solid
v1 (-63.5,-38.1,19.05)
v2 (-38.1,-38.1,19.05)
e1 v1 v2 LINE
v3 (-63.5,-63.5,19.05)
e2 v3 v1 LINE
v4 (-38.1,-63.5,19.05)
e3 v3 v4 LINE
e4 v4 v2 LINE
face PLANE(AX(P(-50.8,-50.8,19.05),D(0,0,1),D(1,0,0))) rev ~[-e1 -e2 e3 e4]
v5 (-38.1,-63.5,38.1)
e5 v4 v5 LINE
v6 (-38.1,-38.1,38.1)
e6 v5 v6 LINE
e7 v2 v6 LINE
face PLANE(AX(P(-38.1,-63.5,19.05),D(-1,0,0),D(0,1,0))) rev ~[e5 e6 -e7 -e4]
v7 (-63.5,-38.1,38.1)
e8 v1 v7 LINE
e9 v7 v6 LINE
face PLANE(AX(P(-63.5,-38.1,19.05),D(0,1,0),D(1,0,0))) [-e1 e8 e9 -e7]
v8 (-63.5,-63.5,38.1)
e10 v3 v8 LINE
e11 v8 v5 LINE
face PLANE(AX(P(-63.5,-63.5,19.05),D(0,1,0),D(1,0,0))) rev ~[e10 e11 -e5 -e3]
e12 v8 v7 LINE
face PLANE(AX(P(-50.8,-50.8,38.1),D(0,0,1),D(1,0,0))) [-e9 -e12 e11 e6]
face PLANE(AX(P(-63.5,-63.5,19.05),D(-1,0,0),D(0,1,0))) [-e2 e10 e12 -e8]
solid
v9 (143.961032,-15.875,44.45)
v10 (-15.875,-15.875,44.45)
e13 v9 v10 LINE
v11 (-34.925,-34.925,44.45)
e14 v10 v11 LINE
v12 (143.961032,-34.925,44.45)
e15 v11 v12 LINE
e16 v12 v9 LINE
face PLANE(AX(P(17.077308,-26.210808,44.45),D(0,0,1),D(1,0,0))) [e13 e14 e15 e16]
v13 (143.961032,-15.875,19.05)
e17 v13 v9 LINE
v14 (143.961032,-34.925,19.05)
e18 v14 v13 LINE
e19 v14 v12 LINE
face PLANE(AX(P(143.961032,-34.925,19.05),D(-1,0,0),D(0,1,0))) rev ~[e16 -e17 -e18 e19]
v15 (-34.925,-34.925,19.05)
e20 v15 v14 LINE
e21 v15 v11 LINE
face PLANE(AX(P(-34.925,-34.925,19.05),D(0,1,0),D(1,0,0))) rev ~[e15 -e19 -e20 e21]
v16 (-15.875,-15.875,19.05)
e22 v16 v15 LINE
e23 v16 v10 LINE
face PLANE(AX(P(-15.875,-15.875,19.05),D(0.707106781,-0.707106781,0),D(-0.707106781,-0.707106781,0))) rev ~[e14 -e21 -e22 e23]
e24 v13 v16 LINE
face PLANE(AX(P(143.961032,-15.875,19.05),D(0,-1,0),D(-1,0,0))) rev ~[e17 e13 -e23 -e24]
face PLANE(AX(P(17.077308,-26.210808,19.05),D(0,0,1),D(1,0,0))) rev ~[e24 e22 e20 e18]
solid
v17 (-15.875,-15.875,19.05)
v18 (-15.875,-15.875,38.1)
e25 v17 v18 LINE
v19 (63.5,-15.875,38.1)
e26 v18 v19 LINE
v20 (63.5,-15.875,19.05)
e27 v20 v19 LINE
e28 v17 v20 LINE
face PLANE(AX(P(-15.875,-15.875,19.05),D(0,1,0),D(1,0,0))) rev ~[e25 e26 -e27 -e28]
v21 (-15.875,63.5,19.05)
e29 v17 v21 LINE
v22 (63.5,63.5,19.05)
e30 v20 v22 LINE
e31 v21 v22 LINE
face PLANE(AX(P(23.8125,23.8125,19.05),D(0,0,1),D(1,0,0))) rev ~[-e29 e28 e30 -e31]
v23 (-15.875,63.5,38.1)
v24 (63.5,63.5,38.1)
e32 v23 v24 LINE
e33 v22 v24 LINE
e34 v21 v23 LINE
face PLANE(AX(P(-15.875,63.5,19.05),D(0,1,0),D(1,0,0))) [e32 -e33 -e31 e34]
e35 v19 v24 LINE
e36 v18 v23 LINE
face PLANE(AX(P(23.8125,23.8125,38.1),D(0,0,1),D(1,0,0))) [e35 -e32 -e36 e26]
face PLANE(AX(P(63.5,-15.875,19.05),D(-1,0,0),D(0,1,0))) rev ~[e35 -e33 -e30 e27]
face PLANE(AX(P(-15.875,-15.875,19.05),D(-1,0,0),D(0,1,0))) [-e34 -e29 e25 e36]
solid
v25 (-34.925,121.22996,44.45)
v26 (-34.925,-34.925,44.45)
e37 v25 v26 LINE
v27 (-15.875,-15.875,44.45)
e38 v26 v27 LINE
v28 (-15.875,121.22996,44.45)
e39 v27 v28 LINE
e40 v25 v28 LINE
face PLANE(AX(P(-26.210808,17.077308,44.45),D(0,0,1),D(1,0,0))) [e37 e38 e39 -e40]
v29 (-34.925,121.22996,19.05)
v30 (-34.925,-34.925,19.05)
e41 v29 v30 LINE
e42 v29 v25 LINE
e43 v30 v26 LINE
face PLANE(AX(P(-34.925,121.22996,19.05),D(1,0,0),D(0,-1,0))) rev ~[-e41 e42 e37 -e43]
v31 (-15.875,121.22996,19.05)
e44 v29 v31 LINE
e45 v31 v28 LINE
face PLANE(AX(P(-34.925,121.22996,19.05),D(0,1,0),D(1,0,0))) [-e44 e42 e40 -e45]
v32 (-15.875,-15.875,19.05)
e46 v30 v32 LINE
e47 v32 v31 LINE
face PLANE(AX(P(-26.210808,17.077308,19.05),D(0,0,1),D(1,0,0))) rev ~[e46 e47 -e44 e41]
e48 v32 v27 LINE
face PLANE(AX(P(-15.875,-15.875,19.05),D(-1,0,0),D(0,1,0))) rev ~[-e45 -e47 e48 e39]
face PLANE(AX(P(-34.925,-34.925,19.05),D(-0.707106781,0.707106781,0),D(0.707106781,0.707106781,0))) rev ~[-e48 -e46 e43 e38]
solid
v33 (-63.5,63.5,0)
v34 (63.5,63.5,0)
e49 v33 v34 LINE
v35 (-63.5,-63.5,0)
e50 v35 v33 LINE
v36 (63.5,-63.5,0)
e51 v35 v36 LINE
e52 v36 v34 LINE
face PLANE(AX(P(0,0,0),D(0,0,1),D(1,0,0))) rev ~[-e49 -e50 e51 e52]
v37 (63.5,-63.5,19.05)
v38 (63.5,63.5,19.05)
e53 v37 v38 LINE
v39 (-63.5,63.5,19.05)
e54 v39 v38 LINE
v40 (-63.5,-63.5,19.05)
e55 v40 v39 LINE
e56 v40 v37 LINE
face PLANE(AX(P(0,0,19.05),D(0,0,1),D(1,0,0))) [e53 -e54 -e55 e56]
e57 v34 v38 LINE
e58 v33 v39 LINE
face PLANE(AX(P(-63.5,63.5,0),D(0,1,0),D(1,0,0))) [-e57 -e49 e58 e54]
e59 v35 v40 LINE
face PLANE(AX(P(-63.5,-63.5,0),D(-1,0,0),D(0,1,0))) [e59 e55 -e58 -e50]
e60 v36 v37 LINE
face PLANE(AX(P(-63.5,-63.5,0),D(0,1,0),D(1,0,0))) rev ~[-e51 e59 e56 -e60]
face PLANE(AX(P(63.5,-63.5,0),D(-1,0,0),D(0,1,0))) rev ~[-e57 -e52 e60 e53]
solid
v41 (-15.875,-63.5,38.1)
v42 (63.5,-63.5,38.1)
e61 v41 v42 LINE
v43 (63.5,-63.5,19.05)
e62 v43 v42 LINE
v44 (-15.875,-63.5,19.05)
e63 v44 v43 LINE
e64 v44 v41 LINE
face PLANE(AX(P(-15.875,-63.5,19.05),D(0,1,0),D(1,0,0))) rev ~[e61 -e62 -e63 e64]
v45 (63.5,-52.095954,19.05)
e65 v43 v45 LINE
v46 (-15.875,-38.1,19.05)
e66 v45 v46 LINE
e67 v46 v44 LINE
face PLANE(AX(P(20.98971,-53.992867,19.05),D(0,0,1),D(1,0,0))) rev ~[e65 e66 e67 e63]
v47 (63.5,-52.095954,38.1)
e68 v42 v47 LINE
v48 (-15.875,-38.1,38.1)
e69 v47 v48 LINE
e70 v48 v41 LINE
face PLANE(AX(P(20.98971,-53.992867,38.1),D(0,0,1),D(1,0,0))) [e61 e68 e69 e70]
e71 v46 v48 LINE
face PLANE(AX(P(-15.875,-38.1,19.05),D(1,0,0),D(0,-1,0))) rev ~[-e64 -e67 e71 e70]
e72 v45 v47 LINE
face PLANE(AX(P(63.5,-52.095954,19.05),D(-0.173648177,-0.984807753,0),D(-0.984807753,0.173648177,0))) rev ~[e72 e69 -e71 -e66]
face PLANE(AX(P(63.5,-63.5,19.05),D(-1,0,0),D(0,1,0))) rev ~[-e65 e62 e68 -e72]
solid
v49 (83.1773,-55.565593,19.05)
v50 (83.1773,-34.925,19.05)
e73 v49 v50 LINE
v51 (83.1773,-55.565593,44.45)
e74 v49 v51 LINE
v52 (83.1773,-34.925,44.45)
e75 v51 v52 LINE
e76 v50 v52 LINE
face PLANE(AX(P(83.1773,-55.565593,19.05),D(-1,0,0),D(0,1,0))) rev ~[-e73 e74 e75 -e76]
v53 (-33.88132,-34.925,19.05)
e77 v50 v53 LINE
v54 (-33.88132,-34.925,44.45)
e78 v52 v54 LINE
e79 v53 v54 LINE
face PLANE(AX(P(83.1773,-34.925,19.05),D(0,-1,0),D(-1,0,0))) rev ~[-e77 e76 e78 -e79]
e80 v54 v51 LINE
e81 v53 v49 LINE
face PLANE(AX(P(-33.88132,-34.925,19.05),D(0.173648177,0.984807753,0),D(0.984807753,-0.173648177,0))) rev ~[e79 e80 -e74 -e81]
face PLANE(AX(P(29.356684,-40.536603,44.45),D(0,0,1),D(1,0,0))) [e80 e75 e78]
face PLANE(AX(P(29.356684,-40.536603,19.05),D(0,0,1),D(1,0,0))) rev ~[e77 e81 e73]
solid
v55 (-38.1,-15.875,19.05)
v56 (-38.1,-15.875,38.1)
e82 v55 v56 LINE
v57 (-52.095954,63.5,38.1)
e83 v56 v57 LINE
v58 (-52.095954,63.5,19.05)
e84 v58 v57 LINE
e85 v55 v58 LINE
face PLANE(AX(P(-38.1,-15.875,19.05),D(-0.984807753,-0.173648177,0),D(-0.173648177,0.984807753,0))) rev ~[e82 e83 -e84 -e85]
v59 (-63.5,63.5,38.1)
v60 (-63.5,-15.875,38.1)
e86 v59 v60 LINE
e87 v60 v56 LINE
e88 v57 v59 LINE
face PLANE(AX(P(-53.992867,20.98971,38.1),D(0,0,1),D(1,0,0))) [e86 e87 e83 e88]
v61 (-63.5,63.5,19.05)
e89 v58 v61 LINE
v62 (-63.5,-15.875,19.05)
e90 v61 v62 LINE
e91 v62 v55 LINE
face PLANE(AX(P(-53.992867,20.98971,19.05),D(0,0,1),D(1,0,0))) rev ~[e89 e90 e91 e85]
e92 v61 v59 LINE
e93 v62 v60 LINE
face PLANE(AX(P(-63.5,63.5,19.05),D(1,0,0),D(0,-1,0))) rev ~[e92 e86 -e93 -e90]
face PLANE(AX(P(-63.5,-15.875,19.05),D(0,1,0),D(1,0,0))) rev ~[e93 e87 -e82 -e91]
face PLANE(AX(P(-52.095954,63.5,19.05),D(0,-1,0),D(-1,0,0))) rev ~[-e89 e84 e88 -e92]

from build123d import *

# Parameters (mm, degrees)
F0_W     = 127
F0_H     = 127
F1_DEPTH = 19.05
F2_W     = 25.4
F2_H     = 25.4
F2_W_2   = 79.375
F2_H_2   = 79.375
F3_DEPTH = 19.05
F5_DEPTH = 25.4
F6_W     = 19.05
F6_H     = 57.72996
F7_DEPTH = 25.4
F6_W_2   = 80.461032
F6_H_2   = 19.05
F8_DEPTH = 25.4


with BuildPart() as f1:
    # F0 (on Top) → F1 (new body)
    with BuildSketch(Plane.XY):
        Rectangle(F0_W, F0_H)
    extrude(amount=F1_DEPTH)


with BuildPart() as f3:
    # F2 (on face) → F3 (new body)
    with BuildSketch(Plane.XY.offset(19.05)):
        Polygon((-63.5, 63.5), (-63.5, -15.875), (-38.1, -15.875), (-52.095954, 63.5), align=None)
        with Locations((-50.8, -50.8)):
            Rectangle(F2_W, F2_H)
        Polygon((-15.875, -38.1), (-15.875, -63.5), (63.5, -63.5), (63.5, -52.095954), align=None)
        with Locations((23.8125, 23.8125)):
            Rectangle(F2_W_2, F2_H_2)
    extrude(amount=F3_DEPTH)


with BuildPart() as f5:
    # F4 (on face) → F5 (new body)
    with BuildSketch(Plane.XY.offset(19.05)):
        Polygon((83.1773, -55.565593), (83.1773, -34.925), (-33.88132, -34.925), align=None)
    extrude(amount=F5_DEPTH)


with BuildPart() as f7:
    # F6 (on face) → F7 (new body)
    with BuildSketch(Plane.XY.offset(19.05)):
        Polygon((-34.925, 63.5), (-34.925, -34.925), (-15.875, -15.875), (-15.875, 63.5), align=None)
        with Locations((-25.4, 92.36498)):
            Rectangle(F6_W, F6_H)
    extrude(amount=F7_DEPTH)


with BuildPart() as f8:
    # F6 (on face) → F8 (new body)
    with BuildSketch(Plane.XY.offset(19.05)):
        Polygon((-15.875, -15.875), (-34.925, -34.925), (63.5, -34.925), (63.5, -15.875), align=None)
        with Locations((103.730516, -25.4)):
            Rectangle(F6_W_2, F6_H_2)
    extrude(amount=F8_DEPTH)


solid = Compound([f1.part, f3.part, f5.part, f7.part, f8.part])
